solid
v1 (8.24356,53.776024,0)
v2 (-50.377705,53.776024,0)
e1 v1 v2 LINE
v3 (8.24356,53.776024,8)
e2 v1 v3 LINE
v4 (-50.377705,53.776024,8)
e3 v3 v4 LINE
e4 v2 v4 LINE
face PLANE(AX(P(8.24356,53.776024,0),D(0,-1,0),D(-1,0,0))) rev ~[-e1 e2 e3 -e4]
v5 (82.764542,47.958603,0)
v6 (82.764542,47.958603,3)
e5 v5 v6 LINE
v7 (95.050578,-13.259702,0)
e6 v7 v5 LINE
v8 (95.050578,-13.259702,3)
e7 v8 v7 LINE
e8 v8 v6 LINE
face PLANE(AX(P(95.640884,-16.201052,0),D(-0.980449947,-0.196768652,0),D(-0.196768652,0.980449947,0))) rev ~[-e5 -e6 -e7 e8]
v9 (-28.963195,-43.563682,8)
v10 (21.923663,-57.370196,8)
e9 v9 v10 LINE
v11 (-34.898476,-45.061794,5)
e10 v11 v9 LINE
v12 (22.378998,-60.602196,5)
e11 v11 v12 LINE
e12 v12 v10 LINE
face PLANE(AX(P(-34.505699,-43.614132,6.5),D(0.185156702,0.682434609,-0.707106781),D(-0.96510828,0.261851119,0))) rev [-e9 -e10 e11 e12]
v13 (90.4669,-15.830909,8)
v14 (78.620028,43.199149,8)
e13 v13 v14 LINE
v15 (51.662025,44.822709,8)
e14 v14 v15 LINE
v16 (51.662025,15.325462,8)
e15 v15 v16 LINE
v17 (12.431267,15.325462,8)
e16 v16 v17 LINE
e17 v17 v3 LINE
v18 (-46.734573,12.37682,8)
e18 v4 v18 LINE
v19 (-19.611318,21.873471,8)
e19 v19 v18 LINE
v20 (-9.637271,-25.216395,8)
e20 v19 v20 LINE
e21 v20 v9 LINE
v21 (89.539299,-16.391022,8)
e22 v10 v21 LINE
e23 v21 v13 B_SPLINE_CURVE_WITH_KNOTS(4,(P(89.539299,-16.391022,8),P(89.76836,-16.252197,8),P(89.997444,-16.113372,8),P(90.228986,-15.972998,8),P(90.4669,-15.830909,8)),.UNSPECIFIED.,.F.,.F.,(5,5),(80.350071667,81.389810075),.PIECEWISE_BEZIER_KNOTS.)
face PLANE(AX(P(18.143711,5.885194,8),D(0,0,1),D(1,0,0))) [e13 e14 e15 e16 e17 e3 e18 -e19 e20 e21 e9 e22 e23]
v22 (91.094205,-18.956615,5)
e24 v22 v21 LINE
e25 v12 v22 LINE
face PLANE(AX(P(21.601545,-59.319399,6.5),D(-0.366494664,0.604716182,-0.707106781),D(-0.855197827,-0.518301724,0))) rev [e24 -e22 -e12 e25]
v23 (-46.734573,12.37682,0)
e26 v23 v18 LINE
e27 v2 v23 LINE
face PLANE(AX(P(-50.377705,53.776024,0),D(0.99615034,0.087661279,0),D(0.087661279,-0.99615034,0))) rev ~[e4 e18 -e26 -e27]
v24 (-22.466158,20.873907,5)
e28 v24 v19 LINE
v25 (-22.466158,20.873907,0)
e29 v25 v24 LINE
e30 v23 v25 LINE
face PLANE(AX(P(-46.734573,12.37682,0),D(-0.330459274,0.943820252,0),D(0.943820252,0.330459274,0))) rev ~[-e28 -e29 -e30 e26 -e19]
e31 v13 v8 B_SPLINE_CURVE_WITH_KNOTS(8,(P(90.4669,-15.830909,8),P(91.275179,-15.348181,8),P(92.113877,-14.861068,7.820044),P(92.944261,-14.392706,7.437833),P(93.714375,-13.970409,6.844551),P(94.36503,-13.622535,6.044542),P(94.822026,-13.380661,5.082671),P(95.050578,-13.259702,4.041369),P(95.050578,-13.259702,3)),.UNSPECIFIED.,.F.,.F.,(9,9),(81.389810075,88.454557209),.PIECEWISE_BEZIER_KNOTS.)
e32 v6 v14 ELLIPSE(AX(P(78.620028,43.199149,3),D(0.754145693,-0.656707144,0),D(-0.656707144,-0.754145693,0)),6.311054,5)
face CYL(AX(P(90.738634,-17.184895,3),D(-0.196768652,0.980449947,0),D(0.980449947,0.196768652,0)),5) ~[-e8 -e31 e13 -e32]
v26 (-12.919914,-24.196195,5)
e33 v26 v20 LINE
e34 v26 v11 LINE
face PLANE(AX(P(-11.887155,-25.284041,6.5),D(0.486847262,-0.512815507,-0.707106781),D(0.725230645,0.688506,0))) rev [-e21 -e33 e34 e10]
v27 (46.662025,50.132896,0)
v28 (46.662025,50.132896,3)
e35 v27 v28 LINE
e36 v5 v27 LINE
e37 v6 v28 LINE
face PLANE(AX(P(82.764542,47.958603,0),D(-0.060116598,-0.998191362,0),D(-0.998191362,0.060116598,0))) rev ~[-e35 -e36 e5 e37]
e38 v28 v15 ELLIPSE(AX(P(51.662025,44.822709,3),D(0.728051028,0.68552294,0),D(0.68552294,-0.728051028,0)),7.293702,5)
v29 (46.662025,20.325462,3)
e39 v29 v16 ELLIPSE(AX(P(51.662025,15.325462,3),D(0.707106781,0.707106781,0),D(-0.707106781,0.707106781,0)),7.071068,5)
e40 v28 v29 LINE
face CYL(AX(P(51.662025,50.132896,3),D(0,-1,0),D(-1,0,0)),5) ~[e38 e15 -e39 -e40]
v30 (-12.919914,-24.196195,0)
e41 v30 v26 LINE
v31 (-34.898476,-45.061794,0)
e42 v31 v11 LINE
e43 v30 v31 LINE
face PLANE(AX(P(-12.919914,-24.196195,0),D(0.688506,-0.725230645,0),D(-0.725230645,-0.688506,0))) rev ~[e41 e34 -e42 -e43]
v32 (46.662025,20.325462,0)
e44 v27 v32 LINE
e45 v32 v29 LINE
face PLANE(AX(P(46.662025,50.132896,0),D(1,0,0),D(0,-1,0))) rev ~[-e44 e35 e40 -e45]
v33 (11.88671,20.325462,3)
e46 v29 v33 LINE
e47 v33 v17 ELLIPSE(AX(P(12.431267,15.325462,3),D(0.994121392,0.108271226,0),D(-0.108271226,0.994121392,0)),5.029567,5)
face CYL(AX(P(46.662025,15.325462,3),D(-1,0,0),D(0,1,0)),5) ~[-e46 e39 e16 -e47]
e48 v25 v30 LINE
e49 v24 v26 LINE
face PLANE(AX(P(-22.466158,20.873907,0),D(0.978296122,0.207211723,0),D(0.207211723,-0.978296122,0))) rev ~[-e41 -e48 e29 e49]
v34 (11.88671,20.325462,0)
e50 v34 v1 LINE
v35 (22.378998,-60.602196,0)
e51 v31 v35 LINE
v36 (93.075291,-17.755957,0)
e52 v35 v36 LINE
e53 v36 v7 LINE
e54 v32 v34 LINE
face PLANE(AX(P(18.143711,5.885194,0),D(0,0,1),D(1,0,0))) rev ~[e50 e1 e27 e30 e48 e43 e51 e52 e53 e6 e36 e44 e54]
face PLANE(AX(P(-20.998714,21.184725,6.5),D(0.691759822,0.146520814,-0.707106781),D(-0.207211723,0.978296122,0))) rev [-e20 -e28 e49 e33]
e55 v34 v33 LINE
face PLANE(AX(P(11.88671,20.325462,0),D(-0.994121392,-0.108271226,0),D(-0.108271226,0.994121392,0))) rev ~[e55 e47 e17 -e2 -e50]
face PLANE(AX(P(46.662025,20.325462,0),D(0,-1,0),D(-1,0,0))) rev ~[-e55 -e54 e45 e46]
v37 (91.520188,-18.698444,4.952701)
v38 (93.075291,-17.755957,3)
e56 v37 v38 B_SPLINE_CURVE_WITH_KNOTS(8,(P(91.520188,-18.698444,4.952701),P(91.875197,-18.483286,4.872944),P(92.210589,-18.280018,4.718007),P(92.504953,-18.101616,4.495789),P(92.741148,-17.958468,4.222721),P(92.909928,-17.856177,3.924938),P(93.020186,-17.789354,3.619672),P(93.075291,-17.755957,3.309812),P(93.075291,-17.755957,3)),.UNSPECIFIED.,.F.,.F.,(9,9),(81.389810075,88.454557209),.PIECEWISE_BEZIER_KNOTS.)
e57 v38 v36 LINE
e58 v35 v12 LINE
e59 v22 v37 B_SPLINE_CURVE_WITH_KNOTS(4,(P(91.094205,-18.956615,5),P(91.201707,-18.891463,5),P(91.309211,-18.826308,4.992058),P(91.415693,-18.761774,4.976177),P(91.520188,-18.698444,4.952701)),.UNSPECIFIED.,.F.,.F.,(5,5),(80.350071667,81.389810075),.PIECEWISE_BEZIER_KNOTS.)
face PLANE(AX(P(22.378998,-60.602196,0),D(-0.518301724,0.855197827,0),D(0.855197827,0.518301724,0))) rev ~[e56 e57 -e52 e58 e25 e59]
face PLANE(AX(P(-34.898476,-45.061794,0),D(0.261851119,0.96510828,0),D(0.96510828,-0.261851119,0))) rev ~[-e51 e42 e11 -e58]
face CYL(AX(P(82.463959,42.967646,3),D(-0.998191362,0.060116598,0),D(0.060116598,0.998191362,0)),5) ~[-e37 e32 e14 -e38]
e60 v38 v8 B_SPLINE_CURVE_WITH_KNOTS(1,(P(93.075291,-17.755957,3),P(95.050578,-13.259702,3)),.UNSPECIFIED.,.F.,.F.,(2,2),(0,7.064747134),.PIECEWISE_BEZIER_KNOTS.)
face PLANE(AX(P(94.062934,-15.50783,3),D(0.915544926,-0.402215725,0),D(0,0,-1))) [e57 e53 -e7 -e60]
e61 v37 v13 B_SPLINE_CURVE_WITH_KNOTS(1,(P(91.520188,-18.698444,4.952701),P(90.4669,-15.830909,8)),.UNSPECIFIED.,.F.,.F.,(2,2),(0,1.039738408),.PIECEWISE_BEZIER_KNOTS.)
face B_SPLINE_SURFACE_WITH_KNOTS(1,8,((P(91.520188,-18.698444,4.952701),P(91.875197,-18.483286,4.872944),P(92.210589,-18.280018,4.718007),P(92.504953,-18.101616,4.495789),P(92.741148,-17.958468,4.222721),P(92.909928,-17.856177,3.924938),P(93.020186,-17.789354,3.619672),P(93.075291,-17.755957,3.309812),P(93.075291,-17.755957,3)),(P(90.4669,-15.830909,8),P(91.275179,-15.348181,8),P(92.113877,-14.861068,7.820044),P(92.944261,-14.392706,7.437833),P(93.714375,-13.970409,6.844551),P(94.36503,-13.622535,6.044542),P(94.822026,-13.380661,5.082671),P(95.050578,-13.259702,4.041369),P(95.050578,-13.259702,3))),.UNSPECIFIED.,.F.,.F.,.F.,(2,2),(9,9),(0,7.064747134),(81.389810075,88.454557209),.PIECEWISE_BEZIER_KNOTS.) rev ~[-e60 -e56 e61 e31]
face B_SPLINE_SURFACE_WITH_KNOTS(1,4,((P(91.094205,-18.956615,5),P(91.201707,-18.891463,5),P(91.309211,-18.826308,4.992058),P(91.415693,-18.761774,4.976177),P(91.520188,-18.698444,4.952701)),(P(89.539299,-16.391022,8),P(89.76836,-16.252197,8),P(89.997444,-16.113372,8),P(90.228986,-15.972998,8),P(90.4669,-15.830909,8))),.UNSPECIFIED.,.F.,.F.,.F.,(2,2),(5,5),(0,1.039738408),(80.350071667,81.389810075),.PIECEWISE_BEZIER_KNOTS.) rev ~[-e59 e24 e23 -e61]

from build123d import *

# Parameters (mm, degrees)
PAD_DEPTH    = 8
FILLET_R     = 5
CHAMFER_SIZE = 3


with BuildPart() as part:
    # Sketch → Pad (new body)
    with BuildSketch(Plane.XY):
        Polygon((-46.734573, 12.37682), (-22.466158, 20.873907), (-12.919914, -24.196195), (-34.898476, -45.061794), (22.378998, -60.602196), (95.640884, -16.201052), (82.764542, 47.958603), (46.662025, 50.132896), (46.662025, 20.325462), (11.88671, 20.325462), (8.24356, 53.776024), (-50.377705, 53.776024), align=None)
    extrude(amount=PAD_DEPTH)

    # Fillet
    fillet_edges = [part.edges().sort_by_distance(p)[0] for p in [
        (29.274368, 20.325462, 8),
        (46.662025, 35.229179, 8),
        (64.713284, 49.045749, 8),
        (89.202713, 15.878775, 8),
    ]]
    fillet(fillet_edges, radius=FILLET_R)

    # Chamfer
    chamfer_edges = [part.edges().sort_by_distance(p)[0] for p in [
        (56.736601, -39.779406, 8),
        (-6.259739, -52.831995, 8),
        (-23.909195, -34.628995, 8),
        (-17.693036, -1.661144, 8),
    ]]
    chamfer(chamfer_edges, length=CHAMFER_SIZE)


solid = part.part
